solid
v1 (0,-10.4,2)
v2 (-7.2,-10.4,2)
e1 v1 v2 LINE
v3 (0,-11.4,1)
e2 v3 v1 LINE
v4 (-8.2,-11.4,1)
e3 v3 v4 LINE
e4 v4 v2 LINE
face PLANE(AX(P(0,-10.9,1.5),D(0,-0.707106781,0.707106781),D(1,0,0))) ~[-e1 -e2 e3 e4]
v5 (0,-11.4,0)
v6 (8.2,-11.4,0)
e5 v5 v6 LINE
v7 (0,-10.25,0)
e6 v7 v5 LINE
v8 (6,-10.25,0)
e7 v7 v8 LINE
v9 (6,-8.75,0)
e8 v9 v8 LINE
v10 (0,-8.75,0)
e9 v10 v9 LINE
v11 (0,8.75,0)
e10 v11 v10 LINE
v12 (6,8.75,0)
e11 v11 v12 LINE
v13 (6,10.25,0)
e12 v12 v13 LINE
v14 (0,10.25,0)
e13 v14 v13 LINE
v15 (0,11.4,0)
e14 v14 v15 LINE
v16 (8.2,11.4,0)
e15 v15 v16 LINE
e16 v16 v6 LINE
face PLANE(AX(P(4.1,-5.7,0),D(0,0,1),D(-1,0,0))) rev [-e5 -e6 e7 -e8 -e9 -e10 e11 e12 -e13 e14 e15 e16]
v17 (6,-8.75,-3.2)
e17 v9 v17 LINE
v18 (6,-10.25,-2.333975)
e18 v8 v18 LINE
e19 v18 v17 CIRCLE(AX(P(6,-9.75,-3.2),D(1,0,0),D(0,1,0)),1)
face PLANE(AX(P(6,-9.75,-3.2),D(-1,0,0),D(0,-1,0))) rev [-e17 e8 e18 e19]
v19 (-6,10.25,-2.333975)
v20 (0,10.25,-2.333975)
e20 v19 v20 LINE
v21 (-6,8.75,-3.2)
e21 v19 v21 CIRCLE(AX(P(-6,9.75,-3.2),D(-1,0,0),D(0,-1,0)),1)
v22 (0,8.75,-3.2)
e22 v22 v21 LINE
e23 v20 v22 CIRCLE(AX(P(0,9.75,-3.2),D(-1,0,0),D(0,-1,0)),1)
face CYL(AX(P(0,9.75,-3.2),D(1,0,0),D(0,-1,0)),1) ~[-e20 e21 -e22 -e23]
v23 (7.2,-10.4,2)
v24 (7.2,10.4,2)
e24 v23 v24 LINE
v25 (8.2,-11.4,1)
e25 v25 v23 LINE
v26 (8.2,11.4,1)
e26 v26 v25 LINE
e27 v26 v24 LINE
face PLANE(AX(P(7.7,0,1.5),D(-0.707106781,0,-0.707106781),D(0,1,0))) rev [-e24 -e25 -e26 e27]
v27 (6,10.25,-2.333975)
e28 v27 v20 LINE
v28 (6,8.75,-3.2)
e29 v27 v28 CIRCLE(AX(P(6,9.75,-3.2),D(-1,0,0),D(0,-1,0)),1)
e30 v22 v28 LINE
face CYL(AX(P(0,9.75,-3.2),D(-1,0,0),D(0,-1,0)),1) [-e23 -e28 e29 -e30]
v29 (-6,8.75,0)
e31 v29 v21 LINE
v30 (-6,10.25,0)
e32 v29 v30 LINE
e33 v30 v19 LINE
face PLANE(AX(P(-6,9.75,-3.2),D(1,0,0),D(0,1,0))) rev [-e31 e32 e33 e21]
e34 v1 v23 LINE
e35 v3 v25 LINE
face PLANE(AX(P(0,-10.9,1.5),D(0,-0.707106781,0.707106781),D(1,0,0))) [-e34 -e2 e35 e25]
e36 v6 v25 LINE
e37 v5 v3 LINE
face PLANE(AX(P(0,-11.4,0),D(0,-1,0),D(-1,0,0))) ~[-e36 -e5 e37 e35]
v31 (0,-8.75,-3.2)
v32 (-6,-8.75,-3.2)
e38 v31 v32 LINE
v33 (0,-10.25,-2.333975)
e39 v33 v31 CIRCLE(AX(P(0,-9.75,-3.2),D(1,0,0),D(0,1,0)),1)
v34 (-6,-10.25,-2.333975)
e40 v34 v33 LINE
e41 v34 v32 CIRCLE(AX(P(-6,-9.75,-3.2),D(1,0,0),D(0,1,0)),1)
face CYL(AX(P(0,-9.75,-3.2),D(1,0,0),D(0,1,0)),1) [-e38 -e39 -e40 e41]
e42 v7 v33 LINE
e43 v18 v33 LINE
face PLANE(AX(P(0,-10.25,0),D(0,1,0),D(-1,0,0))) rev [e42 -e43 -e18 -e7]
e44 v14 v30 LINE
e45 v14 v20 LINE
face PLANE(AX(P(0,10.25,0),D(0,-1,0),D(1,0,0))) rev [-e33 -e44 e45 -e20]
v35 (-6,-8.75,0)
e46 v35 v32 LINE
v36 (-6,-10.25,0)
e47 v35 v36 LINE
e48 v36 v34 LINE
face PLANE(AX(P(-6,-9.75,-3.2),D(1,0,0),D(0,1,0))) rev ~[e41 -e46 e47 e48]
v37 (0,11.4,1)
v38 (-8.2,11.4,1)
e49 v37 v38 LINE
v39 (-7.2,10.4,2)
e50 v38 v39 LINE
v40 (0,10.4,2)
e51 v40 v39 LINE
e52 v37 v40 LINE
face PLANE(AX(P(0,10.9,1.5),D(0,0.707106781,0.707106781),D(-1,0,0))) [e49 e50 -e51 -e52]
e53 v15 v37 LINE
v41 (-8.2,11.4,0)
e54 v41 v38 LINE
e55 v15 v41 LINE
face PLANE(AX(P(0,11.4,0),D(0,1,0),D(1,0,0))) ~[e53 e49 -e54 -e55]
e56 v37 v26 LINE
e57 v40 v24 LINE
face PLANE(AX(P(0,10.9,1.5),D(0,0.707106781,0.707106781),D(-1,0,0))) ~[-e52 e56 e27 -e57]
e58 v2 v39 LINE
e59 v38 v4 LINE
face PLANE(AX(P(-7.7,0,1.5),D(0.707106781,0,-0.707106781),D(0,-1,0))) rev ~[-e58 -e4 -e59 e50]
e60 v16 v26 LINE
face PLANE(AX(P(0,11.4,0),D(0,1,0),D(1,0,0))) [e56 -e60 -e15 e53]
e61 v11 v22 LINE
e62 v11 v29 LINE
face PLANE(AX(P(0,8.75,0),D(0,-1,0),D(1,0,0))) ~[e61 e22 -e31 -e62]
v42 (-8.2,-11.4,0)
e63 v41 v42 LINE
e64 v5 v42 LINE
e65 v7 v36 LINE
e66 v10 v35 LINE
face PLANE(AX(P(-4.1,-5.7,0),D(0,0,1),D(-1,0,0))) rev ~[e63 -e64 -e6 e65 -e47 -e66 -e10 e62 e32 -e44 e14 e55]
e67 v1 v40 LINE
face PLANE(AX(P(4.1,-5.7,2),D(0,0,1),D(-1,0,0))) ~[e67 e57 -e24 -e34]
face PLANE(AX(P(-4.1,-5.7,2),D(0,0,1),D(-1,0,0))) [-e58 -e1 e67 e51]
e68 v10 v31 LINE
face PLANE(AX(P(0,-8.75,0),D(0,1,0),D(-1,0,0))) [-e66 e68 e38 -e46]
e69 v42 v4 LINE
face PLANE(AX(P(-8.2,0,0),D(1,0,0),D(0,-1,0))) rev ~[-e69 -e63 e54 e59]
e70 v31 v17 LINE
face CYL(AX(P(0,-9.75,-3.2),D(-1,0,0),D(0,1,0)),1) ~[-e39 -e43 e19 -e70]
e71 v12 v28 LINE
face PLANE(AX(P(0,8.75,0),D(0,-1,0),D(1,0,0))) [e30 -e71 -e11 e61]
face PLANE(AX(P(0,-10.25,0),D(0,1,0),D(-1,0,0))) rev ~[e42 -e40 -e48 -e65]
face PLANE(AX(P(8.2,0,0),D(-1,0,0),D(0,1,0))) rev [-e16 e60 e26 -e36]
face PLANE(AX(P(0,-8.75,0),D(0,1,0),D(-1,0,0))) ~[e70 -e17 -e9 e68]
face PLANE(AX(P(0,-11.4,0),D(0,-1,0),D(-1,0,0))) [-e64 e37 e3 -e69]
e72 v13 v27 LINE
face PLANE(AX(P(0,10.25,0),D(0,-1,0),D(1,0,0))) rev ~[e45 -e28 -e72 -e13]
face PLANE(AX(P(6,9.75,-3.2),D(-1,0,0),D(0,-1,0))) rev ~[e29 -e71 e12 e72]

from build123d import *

# Parameters (mm, degrees)
SKETCH_W     = 6
SKETCH_H     = 1.5
PAD_DEPTH    = 3.2
SKETCH001_W  = 8.2
SKETCH001_H  = 11.4
PAD001_DEPTH = 2
CHAMFER_SIZE = 1
SKETCH002_R  = 1
PAD002_DEPTH = 6


with BuildPart() as refine_fix001:
    # Sketch → Pad (new body)
    with BuildSketch(Plane.XY):
        with Locations((3, 9.5)):
            Rectangle(SKETCH_W, SKETCH_H)
    extrude(amount=-PAD_DEPTH)

    # Sketch001 → Pad001 (new body)
    with BuildSketch(Plane.XY):
        with Locations((4.1, 5.7)):
            Rectangle(SKETCH001_W, SKETCH001_H)
    extrude(amount=PAD001_DEPTH)

    # Chamfer
    chamfer_edges = [refine_fix001.edges().sort_by_distance(p)[0] for p in [
        (4.1, 11.4, 2),
        (8.2, 5.7, 2),
    ]]
    chamfer(chamfer_edges, length=CHAMFER_SIZE)

    # Sketch002 → Pad002 (new body)
    with BuildSketch(Plane(origin=(0, 0, 0), x_dir=(0, -1, 0), z_dir=(-1, 0, 0))):
        with Locations((-9.75, -3.2)):
            Circle(SKETCH002_R)
    extrude(amount=-PAD002_DEPTH)


with BuildPart() as part_mirroring:
    # Part__Mirroring: instance of refine_Fix001
    add(refine_fix001.part.mirror(Plane(origin=(0, 0, 0), x_dir=(1, 0, 0), z_dir=(0, 1, 0))))


with BuildPart() as fusion:
    # Fusion base: copy of refine_Fix001
    add(refine_fix001.part)

    # Fusion: union Part__Mirroring
    add(part_mirroring.part)


with BuildPart() as refine_mirroring:
    # Part__Mirroring001: instance of Fusion
    add(fusion.part.mirror(Plane(origin=(0, 0, 0), x_dir=(0, -1, 0), z_dir=(1, 0, 0))))

    # Fusion001: union Fusion
    add(fusion.part)


solid = refine_mirroring.part
